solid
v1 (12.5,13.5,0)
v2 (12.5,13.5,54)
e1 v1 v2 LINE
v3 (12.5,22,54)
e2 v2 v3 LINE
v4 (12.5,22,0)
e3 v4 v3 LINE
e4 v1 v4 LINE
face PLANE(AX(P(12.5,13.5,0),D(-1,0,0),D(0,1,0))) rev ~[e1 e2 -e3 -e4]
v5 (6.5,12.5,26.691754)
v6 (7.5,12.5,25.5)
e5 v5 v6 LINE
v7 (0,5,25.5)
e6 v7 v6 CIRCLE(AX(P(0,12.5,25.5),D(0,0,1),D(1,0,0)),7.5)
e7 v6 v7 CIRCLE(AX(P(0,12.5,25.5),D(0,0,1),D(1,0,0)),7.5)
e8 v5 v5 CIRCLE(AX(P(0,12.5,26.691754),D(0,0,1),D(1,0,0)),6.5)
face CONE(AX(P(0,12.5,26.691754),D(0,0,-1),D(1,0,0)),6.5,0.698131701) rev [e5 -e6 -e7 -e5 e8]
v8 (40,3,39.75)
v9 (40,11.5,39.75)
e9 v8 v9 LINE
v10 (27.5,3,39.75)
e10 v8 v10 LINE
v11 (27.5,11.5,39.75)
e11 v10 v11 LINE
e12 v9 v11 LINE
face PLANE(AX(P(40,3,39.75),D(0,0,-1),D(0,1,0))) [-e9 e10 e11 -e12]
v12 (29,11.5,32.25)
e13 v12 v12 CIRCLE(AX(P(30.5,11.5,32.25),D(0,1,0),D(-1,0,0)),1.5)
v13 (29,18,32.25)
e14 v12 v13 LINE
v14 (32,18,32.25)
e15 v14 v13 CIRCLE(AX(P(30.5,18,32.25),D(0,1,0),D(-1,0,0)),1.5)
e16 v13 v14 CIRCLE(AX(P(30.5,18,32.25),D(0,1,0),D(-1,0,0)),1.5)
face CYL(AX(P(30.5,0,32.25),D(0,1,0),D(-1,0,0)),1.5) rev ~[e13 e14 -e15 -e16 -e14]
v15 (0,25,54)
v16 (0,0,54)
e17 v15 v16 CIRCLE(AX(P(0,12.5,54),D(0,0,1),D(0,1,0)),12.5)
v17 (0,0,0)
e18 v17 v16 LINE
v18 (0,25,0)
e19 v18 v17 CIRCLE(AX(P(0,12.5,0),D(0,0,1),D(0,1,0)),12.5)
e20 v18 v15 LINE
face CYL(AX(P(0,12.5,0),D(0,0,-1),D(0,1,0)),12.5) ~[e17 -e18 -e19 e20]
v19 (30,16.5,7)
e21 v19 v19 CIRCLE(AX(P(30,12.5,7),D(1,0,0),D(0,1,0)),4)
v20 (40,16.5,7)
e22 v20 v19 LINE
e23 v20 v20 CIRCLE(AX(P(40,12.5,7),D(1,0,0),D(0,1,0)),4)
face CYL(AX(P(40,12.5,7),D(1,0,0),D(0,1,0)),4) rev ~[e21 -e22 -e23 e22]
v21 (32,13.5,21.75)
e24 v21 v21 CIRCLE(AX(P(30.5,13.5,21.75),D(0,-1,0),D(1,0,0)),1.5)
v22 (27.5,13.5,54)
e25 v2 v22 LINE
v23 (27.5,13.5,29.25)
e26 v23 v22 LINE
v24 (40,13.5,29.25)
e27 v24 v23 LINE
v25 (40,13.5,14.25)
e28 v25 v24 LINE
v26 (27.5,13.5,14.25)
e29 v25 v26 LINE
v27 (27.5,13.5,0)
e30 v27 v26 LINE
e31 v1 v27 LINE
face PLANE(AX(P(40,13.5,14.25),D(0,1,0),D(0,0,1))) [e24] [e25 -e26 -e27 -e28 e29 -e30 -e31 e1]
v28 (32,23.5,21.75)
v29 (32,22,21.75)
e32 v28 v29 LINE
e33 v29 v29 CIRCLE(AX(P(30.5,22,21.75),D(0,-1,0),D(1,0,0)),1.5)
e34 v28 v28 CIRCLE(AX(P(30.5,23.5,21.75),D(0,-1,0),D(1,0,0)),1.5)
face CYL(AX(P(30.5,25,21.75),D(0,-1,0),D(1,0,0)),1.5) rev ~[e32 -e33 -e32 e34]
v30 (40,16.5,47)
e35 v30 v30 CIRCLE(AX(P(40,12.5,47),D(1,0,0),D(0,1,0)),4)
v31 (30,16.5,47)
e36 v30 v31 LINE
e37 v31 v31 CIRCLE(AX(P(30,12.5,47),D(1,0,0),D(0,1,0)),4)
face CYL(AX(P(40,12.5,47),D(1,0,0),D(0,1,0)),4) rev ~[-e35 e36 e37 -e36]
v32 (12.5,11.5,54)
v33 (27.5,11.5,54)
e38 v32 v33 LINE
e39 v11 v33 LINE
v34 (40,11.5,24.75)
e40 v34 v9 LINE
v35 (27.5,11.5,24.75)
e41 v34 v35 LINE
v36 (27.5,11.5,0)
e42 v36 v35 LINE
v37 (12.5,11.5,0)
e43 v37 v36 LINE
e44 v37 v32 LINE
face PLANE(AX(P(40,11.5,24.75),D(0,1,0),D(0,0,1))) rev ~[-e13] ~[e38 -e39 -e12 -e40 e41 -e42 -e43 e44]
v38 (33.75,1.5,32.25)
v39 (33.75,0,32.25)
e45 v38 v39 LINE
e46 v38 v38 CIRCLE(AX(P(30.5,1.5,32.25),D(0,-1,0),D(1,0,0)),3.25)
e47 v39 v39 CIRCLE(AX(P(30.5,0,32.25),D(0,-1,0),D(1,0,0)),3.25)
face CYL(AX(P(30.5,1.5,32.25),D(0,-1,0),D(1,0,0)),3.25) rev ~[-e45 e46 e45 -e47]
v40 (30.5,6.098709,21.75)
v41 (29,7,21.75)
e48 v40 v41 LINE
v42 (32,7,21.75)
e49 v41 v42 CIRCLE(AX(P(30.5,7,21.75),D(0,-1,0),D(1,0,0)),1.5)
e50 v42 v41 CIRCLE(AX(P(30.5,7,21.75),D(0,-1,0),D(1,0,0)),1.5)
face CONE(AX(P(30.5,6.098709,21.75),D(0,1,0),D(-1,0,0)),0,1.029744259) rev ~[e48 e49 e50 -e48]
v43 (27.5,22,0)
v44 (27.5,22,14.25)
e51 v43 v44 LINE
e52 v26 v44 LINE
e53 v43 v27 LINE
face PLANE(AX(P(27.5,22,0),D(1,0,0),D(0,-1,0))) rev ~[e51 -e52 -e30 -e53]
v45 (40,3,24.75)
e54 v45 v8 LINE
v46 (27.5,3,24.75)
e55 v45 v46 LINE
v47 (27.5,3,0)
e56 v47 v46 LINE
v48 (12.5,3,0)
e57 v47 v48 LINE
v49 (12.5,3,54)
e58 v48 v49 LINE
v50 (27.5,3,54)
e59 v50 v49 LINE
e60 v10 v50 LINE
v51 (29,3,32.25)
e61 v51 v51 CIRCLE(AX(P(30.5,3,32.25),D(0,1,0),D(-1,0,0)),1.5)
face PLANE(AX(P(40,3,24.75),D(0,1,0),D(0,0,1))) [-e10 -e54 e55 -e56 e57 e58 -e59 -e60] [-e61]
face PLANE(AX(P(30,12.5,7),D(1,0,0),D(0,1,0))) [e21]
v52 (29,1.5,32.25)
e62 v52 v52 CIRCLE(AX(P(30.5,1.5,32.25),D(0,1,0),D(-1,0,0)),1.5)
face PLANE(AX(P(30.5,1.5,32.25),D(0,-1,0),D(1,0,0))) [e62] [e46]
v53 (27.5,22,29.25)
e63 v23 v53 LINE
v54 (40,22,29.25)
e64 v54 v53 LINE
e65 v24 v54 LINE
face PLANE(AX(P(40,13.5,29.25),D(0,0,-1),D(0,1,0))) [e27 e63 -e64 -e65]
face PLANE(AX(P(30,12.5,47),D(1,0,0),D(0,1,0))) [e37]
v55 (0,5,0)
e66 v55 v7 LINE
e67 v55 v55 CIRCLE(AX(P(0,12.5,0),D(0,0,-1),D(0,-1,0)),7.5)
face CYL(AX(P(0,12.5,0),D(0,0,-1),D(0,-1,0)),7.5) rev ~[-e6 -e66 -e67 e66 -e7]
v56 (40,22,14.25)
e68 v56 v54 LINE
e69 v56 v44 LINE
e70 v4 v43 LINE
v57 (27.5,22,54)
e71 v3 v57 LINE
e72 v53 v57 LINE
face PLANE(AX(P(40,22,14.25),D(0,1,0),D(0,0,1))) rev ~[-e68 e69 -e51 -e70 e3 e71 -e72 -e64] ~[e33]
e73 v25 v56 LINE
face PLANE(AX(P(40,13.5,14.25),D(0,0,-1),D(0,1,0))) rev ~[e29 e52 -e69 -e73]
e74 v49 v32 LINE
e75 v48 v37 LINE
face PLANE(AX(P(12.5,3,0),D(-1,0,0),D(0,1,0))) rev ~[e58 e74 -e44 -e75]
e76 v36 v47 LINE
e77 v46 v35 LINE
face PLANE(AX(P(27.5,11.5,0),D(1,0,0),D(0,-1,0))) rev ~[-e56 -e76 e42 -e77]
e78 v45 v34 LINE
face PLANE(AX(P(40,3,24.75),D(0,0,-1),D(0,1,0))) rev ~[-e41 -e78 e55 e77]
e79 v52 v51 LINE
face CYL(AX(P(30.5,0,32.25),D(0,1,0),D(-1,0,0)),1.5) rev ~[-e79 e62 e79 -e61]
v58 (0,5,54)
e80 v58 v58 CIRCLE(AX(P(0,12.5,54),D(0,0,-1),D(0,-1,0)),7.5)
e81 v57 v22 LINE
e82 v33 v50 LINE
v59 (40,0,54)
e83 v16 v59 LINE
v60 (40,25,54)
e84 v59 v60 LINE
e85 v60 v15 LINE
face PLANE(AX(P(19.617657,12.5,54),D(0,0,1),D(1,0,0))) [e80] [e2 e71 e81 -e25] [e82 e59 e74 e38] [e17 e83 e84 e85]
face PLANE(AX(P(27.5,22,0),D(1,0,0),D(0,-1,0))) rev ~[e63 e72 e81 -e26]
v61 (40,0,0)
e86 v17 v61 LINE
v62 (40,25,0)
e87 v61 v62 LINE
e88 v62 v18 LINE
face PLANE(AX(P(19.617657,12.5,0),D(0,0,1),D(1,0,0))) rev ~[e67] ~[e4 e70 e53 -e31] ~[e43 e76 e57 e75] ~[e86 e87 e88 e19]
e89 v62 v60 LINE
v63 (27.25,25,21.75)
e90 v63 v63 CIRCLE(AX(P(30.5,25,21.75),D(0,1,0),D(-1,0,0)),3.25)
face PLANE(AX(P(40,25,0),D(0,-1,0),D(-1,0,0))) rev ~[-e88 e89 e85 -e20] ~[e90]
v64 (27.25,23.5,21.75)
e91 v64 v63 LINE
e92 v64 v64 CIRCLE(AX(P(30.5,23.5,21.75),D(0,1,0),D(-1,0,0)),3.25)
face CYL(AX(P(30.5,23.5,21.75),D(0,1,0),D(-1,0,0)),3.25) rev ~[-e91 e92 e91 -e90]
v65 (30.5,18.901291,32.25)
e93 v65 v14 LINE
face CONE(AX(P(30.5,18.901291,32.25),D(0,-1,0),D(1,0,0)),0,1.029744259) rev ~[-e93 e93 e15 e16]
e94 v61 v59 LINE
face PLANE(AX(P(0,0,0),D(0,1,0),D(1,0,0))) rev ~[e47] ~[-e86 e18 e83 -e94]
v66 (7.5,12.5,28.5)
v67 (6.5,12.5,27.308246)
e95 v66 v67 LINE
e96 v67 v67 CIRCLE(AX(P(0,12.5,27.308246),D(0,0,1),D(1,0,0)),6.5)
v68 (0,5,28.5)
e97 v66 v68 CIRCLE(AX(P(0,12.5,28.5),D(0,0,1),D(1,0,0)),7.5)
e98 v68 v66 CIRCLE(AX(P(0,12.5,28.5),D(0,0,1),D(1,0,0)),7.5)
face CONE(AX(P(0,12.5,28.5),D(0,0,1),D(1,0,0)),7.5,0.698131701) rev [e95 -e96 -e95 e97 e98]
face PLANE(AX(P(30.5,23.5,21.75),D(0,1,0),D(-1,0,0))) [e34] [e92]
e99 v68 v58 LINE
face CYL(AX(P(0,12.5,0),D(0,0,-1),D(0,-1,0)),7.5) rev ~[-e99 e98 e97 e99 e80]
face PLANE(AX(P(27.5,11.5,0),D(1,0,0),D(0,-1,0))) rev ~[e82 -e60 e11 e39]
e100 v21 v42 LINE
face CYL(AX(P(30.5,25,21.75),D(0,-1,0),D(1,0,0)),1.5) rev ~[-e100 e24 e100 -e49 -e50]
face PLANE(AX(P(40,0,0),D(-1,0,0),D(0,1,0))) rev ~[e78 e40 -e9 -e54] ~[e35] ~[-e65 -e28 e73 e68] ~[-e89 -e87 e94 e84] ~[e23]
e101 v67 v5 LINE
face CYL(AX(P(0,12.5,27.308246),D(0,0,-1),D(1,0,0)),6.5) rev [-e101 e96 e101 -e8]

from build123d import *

# Parameters (mm, degrees)
F0_W           = 15
F0_H           = 2
F1_DEPTH       = 54
F2_W           = 8.5
F2_H           = 15
F3_DEPTH       = 12.5
F5_D           = 3
F5_DEPTH       = 18
F5_CBORE_D     = 6.5
F5_CBORE_DEPTH = 1.5
F5_TIP         = 0.9012909285
F7_D           = 3
F7_DEPTH       = 18
F7_CBORE_D     = 6.5
F7_CBORE_DEPTH = 1.5
F7_TIP         = 0.9012909285
F8_R           = 4
F9_DEPTH       = 10


with BuildPart() as f1:
    # F0 (on Top) → F1 (new body)
    with BuildSketch(Plane.XY):
        with BuildLine():
            Line((0, 5), (0, 0))
            Line((0, 0), (40, 0))
            Line((40, 0), (40, 25))
            Line((40, 25), (0, 25))
            Line((0, 25), (0, 20))
            ThreePointArc((0, 20), (5.3033008589, 17.8033008589), (7.5, 12.5))
            ThreePointArc((7.5, 12.5), (5.3033008589, 7.1966991411), (0, 5))
        make_face()
        Polygon((12.5, 13.5), (12.5, 22), (27.5, 22), (27.5, 13.5), (27.5, 11.5), (27.5, 3), (12.5, 3), (12.5, 11.5), align=None, mode=Mode.SUBTRACT)
        with BuildLine():
            ThreePointArc((0, 25), (-12.5, 12.5), (0, 0))
            Line((0, 0), (0, 5))
            ThreePointArc((0, 5), (-7.5, 12.5), (0, 20))
            Line((0, 20), (0, 25))
        make_face()
        with Locations((20, 12.5)):
            Rectangle(F0_W, F0_H)
    extrude(amount=F1_DEPTH)

    # F2 (on face) → F3 (cut, through all)
    with BuildSketch(Plane.YZ.offset(40)):
        with Locations((7.25, 32.25)):
            Rectangle(F2_W, F2_H)
        with Locations((17.75, 21.75)):
            Rectangle(F2_W, F2_H)
    extrude(amount=-F3_DEPTH, mode=Mode.SUBTRACT)

    # F5
    with Locations(Plane.XZ):
        with Locations((30.5, 32.25)):
            CounterBoreHole(F5_D / 2, F5_CBORE_D / 2, F5_CBORE_DEPTH, depth=F5_DEPTH)
            with Locations((0, 0, -(F5_DEPTH + F5_TIP / 2))):  # 118° drill point
                Cone(0, F5_D / 2, F5_TIP, mode=Mode.SUBTRACT)

    # F7
    with Locations(Plane(origin=(0, 25, 0), x_dir=(-1, 0, 0), z_dir=(0, 1, 0))):
        with Locations((-30.5, 21.75)):
            CounterBoreHole(F7_D / 2, F7_CBORE_D / 2, F7_CBORE_DEPTH, depth=F7_DEPTH)
            with Locations((0, 0, -(F7_DEPTH + F7_TIP / 2))):  # 118° drill point
                Cone(0, F7_D / 2, F7_TIP, mode=Mode.SUBTRACT)

    # F8 (on face) → F9 (cut)
    with BuildSketch(Plane.YZ.offset(40)):
        with Locations((12.5, 47)):
            Circle(F8_R)
        with Locations((12.5, 7)):
            Circle(F8_R)
    extrude(amount=-F9_DEPTH, mode=Mode.SUBTRACT)

    # F11 (on offset) → F12 (revolve)
    with BuildSketch(Plane.XZ.offset(-12.5)):
        Polygon((6.5, 26.6917535926), (7.5, 25.5), (7.5, 28.5), (6.5, 27.3082464074), align=None)
    revolve(axis=Axis((0, 12.5, 27), (0, 0, 1)))


solid = f1.part
